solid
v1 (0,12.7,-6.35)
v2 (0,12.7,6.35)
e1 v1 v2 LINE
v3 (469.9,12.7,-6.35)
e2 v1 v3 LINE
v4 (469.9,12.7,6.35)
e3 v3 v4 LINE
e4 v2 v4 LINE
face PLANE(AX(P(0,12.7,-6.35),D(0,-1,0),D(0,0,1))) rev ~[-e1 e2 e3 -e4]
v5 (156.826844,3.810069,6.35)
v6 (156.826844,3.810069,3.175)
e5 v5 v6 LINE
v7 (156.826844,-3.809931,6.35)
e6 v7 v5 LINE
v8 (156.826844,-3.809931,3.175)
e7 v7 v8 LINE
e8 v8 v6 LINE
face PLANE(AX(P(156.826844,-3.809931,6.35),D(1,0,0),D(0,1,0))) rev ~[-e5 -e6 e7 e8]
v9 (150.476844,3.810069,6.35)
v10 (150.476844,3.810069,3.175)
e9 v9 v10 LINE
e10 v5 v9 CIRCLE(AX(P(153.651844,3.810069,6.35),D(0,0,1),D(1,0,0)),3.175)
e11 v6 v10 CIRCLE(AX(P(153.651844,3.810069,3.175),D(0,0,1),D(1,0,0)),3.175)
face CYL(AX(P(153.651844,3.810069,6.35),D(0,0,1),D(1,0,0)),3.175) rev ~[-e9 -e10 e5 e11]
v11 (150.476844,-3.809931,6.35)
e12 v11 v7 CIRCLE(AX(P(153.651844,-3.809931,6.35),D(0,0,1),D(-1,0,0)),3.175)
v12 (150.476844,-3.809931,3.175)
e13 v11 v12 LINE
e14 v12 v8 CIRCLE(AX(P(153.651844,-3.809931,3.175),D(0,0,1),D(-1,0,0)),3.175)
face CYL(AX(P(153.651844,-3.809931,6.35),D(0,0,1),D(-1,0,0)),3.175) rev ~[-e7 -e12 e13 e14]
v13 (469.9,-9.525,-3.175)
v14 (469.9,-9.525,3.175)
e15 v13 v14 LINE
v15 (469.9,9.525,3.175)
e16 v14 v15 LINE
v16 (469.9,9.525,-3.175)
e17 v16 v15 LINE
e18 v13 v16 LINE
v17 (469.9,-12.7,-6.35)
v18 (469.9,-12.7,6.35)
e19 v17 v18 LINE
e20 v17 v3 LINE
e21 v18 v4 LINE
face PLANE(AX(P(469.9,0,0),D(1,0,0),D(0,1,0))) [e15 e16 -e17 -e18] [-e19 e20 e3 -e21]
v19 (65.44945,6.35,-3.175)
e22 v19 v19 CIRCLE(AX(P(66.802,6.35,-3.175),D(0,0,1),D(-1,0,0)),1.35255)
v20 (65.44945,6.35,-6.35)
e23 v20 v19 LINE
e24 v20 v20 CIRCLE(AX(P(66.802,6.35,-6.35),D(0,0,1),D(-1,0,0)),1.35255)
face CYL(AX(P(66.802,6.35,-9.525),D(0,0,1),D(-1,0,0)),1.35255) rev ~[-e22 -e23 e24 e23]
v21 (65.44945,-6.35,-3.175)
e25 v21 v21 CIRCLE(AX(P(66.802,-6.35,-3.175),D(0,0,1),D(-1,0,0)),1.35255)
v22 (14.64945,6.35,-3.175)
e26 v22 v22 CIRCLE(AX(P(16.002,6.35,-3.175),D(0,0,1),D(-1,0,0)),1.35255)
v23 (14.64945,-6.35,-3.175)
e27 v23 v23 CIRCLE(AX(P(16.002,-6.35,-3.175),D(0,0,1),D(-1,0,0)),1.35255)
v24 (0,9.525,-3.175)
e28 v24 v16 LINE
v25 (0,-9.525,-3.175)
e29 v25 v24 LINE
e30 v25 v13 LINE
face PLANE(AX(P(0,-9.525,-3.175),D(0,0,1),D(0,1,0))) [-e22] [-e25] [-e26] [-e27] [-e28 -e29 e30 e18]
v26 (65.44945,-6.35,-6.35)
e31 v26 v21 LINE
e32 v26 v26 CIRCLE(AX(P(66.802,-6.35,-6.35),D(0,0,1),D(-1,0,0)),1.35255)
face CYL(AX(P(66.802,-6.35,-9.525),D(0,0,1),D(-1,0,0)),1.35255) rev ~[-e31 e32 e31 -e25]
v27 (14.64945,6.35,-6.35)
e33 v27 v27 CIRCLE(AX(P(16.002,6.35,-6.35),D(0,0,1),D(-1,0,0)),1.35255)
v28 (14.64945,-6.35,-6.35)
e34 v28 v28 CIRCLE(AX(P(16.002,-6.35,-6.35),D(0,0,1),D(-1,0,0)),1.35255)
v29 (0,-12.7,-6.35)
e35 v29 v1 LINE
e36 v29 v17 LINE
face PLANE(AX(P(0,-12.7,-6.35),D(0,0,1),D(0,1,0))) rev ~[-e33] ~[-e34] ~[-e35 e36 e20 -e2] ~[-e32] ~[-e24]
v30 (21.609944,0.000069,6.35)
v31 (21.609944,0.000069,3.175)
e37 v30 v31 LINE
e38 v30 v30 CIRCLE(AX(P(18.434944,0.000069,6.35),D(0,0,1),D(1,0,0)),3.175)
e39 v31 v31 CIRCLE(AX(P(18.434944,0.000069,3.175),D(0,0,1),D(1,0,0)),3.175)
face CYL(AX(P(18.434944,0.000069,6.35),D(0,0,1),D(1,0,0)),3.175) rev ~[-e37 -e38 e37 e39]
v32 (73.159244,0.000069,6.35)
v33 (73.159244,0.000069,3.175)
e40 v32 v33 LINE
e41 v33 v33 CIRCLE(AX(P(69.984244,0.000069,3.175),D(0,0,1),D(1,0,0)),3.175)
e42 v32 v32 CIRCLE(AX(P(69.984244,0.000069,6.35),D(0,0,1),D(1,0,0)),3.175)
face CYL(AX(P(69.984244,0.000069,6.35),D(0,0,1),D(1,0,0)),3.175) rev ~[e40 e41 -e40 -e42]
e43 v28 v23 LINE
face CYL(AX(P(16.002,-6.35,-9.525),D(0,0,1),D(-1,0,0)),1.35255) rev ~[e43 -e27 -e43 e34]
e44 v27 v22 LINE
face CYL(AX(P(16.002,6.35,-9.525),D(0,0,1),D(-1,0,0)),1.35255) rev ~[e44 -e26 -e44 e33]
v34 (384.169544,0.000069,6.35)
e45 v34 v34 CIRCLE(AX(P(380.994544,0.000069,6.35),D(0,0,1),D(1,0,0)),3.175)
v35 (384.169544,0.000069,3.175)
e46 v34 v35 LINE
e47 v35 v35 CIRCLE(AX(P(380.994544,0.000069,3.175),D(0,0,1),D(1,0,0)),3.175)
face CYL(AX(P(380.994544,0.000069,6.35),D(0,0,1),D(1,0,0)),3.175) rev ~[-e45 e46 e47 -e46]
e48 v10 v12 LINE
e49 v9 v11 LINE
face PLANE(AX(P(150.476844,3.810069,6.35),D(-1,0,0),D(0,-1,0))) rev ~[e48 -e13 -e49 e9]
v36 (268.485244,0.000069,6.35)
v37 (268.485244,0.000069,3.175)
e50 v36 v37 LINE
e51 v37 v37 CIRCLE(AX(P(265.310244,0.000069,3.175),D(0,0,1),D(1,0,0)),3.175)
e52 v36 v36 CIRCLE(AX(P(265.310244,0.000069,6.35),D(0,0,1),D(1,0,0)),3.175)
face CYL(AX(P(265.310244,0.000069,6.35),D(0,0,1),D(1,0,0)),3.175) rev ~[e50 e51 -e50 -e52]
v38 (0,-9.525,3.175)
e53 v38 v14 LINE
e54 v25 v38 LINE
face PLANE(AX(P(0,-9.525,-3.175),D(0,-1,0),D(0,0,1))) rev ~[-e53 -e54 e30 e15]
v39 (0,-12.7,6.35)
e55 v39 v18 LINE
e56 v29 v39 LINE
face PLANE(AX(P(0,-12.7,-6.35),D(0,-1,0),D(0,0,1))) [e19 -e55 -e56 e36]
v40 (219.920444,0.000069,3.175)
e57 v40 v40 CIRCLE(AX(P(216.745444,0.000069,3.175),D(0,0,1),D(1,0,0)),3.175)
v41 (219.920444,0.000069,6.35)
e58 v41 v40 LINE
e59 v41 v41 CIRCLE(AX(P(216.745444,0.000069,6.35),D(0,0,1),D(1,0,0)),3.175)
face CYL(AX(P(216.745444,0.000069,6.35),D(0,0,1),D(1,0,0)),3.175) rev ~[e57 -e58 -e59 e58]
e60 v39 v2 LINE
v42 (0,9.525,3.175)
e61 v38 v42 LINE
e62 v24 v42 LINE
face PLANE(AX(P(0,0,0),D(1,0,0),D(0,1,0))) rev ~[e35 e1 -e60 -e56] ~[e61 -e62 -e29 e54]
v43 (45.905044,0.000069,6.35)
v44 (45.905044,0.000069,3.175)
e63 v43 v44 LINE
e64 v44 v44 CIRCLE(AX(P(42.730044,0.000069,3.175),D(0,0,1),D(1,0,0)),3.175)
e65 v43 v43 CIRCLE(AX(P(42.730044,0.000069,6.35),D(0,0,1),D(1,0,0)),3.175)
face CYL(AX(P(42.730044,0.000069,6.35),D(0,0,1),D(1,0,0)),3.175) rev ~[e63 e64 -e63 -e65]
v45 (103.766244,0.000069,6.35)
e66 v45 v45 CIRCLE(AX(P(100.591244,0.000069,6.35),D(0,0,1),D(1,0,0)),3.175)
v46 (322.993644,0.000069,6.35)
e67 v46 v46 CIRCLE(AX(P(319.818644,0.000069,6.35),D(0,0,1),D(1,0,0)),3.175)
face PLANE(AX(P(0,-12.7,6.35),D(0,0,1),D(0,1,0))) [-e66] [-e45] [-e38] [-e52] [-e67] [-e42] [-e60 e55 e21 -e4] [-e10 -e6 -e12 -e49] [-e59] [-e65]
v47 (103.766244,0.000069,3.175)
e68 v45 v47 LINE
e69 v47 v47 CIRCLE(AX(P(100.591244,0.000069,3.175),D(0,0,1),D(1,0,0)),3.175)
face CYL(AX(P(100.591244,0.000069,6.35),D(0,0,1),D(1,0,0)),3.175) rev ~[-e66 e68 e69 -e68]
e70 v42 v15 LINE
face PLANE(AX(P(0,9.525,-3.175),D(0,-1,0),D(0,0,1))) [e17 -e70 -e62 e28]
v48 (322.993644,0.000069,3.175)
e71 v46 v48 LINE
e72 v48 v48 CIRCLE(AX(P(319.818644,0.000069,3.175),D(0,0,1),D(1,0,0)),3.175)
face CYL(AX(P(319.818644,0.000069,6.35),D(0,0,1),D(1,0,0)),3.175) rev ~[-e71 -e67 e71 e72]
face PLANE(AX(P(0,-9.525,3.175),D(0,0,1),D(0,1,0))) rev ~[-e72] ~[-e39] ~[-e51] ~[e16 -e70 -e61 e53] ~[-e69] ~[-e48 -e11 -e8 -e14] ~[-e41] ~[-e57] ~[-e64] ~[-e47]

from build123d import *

# Parameters (mm, degrees)
F0_W     = 25.4
F0_H     = 12.7
F0_W_2   = 19.05
F0_H_2   = 6.35
F1_DEPTH = 469.9
F4_D     = 2.7051
F4_DEPTH = 3.175
F4_TIP   = 0.8126940303
F5_R     = 3.175
F6_DEPTH = 3.175


with BuildPart() as f1:
    # F0 (on Right) → F1 (new body)
    with BuildSketch(Plane.YZ):
        Rectangle(F0_W, F0_H)
        Rectangle(F0_W_2, F0_H_2, mode=Mode.SUBTRACT)
    extrude(amount=F1_DEPTH)

    # F4
    with Locations(Plane(origin=(0, 0, -6.35), x_dir=(1, 0, 0), z_dir=(0, 0, -1))):
        with Locations((16.002, -6.35), (16.002, 6.35), (66.802, 6.35), (66.802, -6.35)):
            Hole(F4_D / 2, depth=F4_DEPTH)
            with Locations((0, 0, -(F4_DEPTH + F4_TIP / 2))):  # 118° drill point
                Cone(0, F4_D / 2, F4_TIP, mode=Mode.SUBTRACT)

    # F5 (on face) → F6 (cut)
    with BuildSketch(Plane.XY.offset(6.35)):
        with Locations((380.994543826, 6.90038e-05)):
            Circle(F5_R)
        with Locations((319.818643826, 6.90038e-05)):
            Circle(F5_R)
        with Locations((265.310243826, 6.90038e-05)):
            Circle(F5_R)
        with Locations((216.745443826, 6.90038e-05)):
            Circle(F5_R)
        with BuildLine():
            Line((150.476843826, 3.8100690038), (150.476843826, -3.8099309962))
            ThreePointArc((150.476843826, -3.8099309962), (153.651843826, -6.9849309962), (156.826843826, -3.8099309962))
            Line((156.826843826, -3.8099309962), (156.826843826, 3.8100690038))
            ThreePointArc((156.826843826, 3.8100690038), (153.651843826, 6.9850690038), (150.476843826, 3.8100690038))
        make_face()
        with Locations((100.591243826, 6.90038e-05)):
            Circle(F5_R)
        with Locations((69.984243826, 6.90038e-05)):
            Circle(F5_R)
        with Locations((42.730043826, 6.90038e-05)):
            Circle(F5_R)
        with Locations((18.434943826, 6.90038e-05)):
            Circle(F5_R)
    extrude(amount=-F6_DEPTH, mode=Mode.SUBTRACT)


solid = f1.part
